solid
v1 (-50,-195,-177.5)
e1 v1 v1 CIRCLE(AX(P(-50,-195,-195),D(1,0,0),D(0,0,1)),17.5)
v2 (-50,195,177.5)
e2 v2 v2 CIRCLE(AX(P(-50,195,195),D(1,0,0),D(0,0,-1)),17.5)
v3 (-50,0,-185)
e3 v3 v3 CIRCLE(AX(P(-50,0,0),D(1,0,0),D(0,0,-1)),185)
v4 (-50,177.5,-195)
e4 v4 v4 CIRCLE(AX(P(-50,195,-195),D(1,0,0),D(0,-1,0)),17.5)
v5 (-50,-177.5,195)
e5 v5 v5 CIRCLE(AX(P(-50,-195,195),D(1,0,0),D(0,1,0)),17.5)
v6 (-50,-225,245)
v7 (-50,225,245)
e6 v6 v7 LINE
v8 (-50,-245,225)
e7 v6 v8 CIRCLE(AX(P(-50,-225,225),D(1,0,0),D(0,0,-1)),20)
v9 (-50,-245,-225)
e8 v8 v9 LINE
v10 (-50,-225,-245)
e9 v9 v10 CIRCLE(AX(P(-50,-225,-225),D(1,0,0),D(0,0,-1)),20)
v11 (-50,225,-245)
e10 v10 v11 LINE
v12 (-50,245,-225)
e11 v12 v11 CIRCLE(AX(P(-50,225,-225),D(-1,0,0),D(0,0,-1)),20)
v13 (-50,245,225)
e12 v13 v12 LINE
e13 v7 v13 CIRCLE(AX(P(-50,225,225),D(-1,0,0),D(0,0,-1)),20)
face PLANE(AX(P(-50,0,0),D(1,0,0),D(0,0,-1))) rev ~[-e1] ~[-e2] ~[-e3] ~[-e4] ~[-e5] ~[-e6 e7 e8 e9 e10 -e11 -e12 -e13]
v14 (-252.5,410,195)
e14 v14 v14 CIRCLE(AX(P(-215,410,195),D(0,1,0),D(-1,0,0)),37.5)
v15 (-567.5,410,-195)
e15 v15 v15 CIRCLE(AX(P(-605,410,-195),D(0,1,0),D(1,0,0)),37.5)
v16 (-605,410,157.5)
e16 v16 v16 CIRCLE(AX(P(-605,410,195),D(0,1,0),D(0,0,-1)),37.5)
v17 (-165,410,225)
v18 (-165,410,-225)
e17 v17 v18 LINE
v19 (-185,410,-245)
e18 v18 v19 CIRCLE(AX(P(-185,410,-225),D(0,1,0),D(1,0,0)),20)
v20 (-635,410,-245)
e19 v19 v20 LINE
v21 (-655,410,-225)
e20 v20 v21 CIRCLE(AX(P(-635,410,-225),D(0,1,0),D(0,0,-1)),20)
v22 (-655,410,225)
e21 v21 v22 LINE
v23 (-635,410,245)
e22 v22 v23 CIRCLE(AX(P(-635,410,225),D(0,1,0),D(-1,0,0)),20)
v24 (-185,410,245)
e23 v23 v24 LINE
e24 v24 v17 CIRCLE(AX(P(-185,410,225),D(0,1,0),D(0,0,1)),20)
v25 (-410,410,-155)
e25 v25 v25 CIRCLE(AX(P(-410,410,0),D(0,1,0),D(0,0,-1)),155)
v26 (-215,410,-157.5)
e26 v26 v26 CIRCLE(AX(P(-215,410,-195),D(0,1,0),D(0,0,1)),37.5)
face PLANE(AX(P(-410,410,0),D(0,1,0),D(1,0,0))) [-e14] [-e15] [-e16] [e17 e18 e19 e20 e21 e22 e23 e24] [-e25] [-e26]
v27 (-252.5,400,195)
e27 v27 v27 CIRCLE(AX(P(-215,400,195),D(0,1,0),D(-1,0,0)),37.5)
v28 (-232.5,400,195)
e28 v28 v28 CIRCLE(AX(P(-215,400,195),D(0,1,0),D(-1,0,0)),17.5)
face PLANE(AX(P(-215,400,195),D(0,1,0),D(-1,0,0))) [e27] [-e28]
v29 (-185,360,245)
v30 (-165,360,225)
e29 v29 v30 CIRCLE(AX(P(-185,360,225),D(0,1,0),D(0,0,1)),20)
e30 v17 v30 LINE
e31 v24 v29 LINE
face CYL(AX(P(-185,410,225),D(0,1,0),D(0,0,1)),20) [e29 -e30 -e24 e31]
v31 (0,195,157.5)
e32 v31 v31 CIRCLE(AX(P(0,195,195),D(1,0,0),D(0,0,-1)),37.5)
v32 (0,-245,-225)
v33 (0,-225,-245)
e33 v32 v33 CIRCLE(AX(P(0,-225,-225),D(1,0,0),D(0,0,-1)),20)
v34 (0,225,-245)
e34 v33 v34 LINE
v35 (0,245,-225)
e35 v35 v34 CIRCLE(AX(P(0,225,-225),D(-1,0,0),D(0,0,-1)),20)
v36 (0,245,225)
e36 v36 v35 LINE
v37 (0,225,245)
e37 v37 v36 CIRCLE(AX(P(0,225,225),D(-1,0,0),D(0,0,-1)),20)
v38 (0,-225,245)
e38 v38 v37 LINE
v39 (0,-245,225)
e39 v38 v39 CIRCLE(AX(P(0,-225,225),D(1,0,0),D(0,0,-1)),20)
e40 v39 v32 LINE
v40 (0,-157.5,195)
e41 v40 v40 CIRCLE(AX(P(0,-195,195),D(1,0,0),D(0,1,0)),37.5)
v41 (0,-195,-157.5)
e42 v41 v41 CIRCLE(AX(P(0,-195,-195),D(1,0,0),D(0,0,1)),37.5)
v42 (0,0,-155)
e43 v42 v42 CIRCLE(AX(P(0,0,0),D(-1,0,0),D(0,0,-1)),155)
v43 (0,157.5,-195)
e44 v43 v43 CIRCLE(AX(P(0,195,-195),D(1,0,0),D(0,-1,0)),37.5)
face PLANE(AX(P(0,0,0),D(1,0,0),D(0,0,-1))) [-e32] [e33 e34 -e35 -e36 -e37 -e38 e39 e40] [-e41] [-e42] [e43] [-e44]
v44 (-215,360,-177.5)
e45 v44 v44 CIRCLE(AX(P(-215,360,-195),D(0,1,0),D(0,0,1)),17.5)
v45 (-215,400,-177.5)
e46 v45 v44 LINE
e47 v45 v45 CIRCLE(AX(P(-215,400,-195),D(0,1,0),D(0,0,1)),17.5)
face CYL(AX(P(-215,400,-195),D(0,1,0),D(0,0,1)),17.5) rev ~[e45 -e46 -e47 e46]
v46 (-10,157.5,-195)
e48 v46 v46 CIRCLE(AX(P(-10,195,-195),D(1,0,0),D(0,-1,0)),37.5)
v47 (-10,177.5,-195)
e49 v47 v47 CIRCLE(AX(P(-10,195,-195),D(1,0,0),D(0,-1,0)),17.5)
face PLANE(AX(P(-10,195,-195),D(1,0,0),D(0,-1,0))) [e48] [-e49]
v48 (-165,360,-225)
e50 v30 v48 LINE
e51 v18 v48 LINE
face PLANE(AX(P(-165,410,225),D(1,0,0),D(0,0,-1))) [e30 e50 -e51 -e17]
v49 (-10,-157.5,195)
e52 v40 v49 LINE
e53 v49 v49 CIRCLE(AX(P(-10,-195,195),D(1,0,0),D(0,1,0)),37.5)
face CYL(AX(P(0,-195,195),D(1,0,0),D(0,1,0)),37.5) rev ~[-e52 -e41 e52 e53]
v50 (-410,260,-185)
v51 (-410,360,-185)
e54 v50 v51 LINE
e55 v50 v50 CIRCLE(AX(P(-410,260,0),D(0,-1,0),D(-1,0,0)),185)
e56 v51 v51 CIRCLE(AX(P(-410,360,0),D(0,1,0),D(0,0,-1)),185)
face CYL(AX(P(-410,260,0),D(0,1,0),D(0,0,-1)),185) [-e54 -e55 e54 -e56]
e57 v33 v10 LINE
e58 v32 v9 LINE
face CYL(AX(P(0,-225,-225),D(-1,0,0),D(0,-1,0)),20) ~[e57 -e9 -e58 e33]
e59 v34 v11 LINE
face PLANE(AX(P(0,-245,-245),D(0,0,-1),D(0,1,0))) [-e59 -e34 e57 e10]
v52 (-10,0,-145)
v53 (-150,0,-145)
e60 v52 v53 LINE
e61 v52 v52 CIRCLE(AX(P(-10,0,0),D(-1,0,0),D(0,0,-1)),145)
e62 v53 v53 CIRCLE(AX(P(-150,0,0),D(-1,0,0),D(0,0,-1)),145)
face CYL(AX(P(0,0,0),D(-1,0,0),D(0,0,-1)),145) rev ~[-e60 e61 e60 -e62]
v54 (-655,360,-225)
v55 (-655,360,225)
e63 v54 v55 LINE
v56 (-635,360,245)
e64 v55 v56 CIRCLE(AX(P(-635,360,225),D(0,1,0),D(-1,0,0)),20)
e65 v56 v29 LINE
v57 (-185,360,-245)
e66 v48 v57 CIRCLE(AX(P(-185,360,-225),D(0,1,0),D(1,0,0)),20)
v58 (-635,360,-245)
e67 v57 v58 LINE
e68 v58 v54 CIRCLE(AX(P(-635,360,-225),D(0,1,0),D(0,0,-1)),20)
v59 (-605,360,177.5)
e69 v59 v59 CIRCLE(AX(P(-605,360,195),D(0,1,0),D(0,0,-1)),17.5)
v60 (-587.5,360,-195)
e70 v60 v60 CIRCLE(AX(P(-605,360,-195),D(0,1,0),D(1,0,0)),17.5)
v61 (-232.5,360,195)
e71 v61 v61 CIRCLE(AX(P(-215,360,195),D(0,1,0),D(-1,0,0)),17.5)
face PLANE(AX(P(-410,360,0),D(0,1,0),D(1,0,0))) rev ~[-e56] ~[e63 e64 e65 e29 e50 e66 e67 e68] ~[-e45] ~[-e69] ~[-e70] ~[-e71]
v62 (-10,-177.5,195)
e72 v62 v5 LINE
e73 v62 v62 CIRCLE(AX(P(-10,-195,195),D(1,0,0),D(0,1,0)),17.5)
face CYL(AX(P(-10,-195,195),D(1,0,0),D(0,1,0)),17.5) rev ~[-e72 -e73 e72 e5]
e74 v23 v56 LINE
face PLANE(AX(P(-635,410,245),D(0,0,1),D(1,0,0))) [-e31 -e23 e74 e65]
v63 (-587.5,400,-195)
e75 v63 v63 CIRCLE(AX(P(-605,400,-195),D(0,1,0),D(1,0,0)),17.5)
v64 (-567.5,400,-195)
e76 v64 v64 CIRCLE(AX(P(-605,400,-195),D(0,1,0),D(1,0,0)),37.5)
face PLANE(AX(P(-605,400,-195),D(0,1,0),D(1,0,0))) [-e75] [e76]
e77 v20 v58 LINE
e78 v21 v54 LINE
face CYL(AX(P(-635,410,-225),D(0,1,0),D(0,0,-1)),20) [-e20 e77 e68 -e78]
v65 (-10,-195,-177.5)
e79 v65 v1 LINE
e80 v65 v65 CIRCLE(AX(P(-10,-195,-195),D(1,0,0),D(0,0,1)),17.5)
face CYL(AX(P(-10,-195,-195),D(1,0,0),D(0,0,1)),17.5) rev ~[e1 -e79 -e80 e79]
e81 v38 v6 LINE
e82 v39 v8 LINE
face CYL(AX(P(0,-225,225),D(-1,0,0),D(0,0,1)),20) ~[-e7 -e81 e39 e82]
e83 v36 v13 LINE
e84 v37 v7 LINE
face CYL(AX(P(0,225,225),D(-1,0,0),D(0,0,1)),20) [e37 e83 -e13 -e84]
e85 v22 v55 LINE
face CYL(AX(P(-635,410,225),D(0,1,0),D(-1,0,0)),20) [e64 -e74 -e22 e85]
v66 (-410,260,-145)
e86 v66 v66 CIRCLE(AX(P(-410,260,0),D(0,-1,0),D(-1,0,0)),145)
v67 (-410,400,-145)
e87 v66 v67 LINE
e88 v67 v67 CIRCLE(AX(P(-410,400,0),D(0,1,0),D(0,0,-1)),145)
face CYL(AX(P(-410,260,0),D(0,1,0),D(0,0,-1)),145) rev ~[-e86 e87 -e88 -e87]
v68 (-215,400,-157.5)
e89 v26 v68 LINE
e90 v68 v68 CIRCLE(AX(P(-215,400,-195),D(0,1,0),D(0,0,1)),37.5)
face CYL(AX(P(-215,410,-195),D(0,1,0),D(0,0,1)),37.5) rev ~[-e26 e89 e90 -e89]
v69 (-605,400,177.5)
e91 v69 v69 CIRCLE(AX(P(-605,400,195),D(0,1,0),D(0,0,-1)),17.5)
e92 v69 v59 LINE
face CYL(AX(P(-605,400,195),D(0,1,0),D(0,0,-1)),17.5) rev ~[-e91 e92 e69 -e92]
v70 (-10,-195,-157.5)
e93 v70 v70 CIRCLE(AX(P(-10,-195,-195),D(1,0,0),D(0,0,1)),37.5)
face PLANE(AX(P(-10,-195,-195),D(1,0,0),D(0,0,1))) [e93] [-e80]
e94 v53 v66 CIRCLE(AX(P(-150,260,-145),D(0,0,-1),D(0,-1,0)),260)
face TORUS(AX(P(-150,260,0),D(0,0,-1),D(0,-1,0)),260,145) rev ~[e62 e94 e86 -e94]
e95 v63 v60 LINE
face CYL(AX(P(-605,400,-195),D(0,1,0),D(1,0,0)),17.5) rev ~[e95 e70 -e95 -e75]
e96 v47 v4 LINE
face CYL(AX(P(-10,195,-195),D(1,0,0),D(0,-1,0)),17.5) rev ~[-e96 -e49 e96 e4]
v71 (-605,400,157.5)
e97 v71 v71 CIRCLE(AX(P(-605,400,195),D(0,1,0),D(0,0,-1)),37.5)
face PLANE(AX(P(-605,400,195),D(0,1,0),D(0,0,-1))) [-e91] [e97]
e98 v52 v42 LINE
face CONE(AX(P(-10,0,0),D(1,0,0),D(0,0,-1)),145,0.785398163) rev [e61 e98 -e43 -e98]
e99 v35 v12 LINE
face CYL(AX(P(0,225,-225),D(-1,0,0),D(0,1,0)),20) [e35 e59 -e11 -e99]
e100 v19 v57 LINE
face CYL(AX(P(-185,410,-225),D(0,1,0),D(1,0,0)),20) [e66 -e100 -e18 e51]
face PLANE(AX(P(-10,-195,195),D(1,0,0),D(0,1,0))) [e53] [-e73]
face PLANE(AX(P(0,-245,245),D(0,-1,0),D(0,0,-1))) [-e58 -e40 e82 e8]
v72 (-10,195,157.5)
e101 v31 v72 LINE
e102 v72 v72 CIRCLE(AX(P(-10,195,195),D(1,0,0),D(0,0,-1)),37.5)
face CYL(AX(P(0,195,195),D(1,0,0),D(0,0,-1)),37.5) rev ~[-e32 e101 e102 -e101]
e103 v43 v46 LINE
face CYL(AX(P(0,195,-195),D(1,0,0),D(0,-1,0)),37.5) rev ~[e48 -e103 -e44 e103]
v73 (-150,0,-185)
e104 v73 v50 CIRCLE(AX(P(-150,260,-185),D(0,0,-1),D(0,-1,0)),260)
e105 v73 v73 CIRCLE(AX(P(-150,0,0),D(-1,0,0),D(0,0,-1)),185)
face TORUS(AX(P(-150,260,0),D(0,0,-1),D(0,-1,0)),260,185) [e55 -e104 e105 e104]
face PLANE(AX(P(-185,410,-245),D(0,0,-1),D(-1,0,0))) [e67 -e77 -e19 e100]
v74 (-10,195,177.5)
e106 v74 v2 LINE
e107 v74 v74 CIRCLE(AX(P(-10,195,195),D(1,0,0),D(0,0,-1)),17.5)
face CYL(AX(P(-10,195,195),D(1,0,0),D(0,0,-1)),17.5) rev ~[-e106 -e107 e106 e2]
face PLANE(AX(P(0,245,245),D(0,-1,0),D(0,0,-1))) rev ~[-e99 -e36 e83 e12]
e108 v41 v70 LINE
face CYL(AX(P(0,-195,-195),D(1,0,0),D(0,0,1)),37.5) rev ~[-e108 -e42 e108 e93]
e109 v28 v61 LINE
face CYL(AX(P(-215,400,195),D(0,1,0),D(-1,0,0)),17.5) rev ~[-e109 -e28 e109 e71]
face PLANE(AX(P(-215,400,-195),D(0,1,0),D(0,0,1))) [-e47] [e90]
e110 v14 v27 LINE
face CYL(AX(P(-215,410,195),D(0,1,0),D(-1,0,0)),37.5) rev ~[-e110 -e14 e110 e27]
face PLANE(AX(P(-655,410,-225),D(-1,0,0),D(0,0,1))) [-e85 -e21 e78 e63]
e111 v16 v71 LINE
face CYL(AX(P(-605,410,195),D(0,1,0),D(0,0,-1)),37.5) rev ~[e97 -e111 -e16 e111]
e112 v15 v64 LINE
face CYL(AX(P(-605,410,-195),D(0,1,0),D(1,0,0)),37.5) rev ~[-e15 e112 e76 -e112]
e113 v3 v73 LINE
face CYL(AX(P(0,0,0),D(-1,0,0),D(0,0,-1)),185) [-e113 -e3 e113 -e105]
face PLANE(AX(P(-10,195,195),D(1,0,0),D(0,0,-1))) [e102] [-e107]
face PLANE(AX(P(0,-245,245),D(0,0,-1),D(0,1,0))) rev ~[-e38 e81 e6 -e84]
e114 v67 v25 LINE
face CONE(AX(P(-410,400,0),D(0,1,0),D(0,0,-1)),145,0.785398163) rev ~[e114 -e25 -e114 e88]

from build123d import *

# Parameters (mm, degrees)
SKETCH14_R          = 185
SKETCH14_R_2        = 145
SKETCH16_W          = 490
SKETCH16_H          = 490
SKETCH16_R          = 185
BOSS_EXTRUDE1_DEPTH = 50
FILLET2_R           = 20
SKETCH19_R          = 185
BOSS_EXTRUDE2_DEPTH = 50
SKETCH20_R          = 37.5
CUT_EXTRUDE1_DEPTH  = 10
SKETCH26_R          = 17.5
CUT_EXTRUDE3_DEPTH  = 40
CIRPATTERN1_COUNT   = 4
SKETCH28_R          = 37.5
CUT_EXTRUDE4_DEPTH  = 10
SKETCH30_R          = 17.5
CUT_EXTRUDE5_DEPTH  = 40
CIRPATTERN3_COUNT   = 4
CHAMFER1_SIZE       = 10
CHAMFER2_SIZE       = 10


with BuildPart() as part:
    # Sweep-Thin1: sweep along a path in Sketch13
    with BuildLine(Plane.XY) as sweep_thin1_path:
        Line((0, 0), (-150, 0))
        ThreePointArc((-150, 0), (-333.847763109, 76.152236891), (-410, 260))
        Line((-410, 260), (-410, 410))
    # Sketch14 → Sweep-Thin1 (sweep)
    with BuildSketch(Plane(origin=(0, 0, 0), x_dir=(0, 0, -1), z_dir=(1, 0, 0))):
        Circle(SKETCH14_R)
        Circle(SKETCH14_R_2, mode=Mode.SUBTRACT)
    sweep(path=sweep_thin1_path.line)

    # Sketch16 → Boss-Extrude1 (add)
    with BuildSketch(Plane(origin=(0, 0, 0), x_dir=(0, 0, -1), z_dir=(1, 0, 0))):
        Rectangle(SKETCH16_W, SKETCH16_H)
        Circle(SKETCH16_R, mode=Mode.SUBTRACT)
    extrude(amount=-BOSS_EXTRUDE1_DEPTH)

    # Fillet2
    fillet2_edges = [part.edges().sort_by_distance(p)[0] for p in [
        (-25, 245, -245),
        (-25, -245, -245),
        (-25, -245, 245),
        (-25, 245, 245),
    ]]
    fillet(fillet2_edges, radius=FILLET2_R)

    # Sketch19 → Boss-Extrude2 (add)
    with BuildSketch(Plane(origin=(0, 410, 0), x_dir=(1, 0, 0), z_dir=(0, 1, 0))):
        with BuildLine():
            Line((-635, -245), (-185, -245))
            ThreePointArc((-185, -245), (-170.857864376, -239.142135624), (-165, -225))
            Line((-165, -225), (-165, 225))
            ThreePointArc((-165, 225), (-170.857864376, 239.142135624), (-185, 245))
            Line((-185, 245), (-635, 245))
            ThreePointArc((-635, 245), (-649.142135624, 239.142135624), (-655, 225))
            Line((-655, 225), (-655, -225))
            ThreePointArc((-655, -225), (-649.142135624, -239.142135624), (-635, -245))
        make_face()
        with Locations((-410, 0)):
            Circle(SKETCH19_R, mode=Mode.SUBTRACT)
    extrude(amount=-BOSS_EXTRUDE2_DEPTH)

    # Sketch20 → Cut-Extrude1 (cut)
    with BuildSketch(Plane(origin=(0, 410, 0), x_dir=(1, 0, 0), z_dir=(0, 1, 0))):
        with Locations((-605, 195)):
            Circle(SKETCH20_R)
    cut_extrude1 = extrude(amount=-CUT_EXTRUDE1_DEPTH, mode=Mode.SUBTRACT)

    # Sketch26 → Cut-Extrude3 (cut)
    with BuildSketch(Plane(origin=(0, 400, 0), x_dir=(1, 0, 0), z_dir=(0, 1, 0))):
        with Locations((-605, 195)):
            Circle(SKETCH26_R)
    cut_extrude3 = extrude(amount=-CUT_EXTRUDE3_DEPTH, mode=Mode.SUBTRACT)

    # CirPattern1: Cut-Extrude1, Cut-Extrude3 ×4 about axis
    cirpattern1_axis = Axis((-410, 0, 0), (0, 1, 0))
    for i in range(1, CIRPATTERN1_COUNT):
        add(cut_extrude1.rotate(cirpattern1_axis, i * 360 / CIRPATTERN1_COUNT), mode=Mode.SUBTRACT)
        add(cut_extrude3.rotate(cirpattern1_axis, i * 360 / CIRPATTERN1_COUNT), mode=Mode.SUBTRACT)

    # Sketch28 → Cut-Extrude4 (cut)
    with BuildSketch(Plane(origin=(0, 0, 0), x_dir=(0, 0, -1), z_dir=(1, 0, 0))):
        with Locations((-195, 195)):
            Circle(SKETCH28_R)
    cut_extrude4 = extrude(amount=-CUT_EXTRUDE4_DEPTH, mode=Mode.SUBTRACT)

    # Sketch30 → Cut-Extrude5 (cut)
    with BuildSketch(Plane(origin=(-10, 0, 0), x_dir=(0, 0, -1), z_dir=(1, 0, 0))):
        with Locations((-195, 195)):
            Circle(SKETCH30_R)
    cut_extrude5 = extrude(amount=-CUT_EXTRUDE5_DEPTH, mode=Mode.SUBTRACT)

    # CirPattern3: Cut-Extrude4, Cut-Extrude5 ×4 about axis
    cirpattern3_axis = Axis((0, 0, 0), (1, 0, 0))
    for i in range(1, CIRPATTERN3_COUNT):
        add(cut_extrude4.rotate(cirpattern3_axis, i * 360 / CIRPATTERN3_COUNT), mode=Mode.SUBTRACT)
        add(cut_extrude5.rotate(cirpattern3_axis, i * 360 / CIRPATTERN3_COUNT), mode=Mode.SUBTRACT)

    # Chamfer1
    chamfer1_edges = [part.edges().sort_by_distance(p)[0] for p in [
        (0, 0, 145),
    ]]
    chamfer(chamfer1_edges, length=CHAMFER1_SIZE)

    # Chamfer2
    chamfer2_edges = [part.edges().sort_by_distance(p)[0] for p in [
        (-410, 410, 145),
    ]]
    chamfer(chamfer2_edges, length=CHAMFER2_SIZE)


solid = part.part
